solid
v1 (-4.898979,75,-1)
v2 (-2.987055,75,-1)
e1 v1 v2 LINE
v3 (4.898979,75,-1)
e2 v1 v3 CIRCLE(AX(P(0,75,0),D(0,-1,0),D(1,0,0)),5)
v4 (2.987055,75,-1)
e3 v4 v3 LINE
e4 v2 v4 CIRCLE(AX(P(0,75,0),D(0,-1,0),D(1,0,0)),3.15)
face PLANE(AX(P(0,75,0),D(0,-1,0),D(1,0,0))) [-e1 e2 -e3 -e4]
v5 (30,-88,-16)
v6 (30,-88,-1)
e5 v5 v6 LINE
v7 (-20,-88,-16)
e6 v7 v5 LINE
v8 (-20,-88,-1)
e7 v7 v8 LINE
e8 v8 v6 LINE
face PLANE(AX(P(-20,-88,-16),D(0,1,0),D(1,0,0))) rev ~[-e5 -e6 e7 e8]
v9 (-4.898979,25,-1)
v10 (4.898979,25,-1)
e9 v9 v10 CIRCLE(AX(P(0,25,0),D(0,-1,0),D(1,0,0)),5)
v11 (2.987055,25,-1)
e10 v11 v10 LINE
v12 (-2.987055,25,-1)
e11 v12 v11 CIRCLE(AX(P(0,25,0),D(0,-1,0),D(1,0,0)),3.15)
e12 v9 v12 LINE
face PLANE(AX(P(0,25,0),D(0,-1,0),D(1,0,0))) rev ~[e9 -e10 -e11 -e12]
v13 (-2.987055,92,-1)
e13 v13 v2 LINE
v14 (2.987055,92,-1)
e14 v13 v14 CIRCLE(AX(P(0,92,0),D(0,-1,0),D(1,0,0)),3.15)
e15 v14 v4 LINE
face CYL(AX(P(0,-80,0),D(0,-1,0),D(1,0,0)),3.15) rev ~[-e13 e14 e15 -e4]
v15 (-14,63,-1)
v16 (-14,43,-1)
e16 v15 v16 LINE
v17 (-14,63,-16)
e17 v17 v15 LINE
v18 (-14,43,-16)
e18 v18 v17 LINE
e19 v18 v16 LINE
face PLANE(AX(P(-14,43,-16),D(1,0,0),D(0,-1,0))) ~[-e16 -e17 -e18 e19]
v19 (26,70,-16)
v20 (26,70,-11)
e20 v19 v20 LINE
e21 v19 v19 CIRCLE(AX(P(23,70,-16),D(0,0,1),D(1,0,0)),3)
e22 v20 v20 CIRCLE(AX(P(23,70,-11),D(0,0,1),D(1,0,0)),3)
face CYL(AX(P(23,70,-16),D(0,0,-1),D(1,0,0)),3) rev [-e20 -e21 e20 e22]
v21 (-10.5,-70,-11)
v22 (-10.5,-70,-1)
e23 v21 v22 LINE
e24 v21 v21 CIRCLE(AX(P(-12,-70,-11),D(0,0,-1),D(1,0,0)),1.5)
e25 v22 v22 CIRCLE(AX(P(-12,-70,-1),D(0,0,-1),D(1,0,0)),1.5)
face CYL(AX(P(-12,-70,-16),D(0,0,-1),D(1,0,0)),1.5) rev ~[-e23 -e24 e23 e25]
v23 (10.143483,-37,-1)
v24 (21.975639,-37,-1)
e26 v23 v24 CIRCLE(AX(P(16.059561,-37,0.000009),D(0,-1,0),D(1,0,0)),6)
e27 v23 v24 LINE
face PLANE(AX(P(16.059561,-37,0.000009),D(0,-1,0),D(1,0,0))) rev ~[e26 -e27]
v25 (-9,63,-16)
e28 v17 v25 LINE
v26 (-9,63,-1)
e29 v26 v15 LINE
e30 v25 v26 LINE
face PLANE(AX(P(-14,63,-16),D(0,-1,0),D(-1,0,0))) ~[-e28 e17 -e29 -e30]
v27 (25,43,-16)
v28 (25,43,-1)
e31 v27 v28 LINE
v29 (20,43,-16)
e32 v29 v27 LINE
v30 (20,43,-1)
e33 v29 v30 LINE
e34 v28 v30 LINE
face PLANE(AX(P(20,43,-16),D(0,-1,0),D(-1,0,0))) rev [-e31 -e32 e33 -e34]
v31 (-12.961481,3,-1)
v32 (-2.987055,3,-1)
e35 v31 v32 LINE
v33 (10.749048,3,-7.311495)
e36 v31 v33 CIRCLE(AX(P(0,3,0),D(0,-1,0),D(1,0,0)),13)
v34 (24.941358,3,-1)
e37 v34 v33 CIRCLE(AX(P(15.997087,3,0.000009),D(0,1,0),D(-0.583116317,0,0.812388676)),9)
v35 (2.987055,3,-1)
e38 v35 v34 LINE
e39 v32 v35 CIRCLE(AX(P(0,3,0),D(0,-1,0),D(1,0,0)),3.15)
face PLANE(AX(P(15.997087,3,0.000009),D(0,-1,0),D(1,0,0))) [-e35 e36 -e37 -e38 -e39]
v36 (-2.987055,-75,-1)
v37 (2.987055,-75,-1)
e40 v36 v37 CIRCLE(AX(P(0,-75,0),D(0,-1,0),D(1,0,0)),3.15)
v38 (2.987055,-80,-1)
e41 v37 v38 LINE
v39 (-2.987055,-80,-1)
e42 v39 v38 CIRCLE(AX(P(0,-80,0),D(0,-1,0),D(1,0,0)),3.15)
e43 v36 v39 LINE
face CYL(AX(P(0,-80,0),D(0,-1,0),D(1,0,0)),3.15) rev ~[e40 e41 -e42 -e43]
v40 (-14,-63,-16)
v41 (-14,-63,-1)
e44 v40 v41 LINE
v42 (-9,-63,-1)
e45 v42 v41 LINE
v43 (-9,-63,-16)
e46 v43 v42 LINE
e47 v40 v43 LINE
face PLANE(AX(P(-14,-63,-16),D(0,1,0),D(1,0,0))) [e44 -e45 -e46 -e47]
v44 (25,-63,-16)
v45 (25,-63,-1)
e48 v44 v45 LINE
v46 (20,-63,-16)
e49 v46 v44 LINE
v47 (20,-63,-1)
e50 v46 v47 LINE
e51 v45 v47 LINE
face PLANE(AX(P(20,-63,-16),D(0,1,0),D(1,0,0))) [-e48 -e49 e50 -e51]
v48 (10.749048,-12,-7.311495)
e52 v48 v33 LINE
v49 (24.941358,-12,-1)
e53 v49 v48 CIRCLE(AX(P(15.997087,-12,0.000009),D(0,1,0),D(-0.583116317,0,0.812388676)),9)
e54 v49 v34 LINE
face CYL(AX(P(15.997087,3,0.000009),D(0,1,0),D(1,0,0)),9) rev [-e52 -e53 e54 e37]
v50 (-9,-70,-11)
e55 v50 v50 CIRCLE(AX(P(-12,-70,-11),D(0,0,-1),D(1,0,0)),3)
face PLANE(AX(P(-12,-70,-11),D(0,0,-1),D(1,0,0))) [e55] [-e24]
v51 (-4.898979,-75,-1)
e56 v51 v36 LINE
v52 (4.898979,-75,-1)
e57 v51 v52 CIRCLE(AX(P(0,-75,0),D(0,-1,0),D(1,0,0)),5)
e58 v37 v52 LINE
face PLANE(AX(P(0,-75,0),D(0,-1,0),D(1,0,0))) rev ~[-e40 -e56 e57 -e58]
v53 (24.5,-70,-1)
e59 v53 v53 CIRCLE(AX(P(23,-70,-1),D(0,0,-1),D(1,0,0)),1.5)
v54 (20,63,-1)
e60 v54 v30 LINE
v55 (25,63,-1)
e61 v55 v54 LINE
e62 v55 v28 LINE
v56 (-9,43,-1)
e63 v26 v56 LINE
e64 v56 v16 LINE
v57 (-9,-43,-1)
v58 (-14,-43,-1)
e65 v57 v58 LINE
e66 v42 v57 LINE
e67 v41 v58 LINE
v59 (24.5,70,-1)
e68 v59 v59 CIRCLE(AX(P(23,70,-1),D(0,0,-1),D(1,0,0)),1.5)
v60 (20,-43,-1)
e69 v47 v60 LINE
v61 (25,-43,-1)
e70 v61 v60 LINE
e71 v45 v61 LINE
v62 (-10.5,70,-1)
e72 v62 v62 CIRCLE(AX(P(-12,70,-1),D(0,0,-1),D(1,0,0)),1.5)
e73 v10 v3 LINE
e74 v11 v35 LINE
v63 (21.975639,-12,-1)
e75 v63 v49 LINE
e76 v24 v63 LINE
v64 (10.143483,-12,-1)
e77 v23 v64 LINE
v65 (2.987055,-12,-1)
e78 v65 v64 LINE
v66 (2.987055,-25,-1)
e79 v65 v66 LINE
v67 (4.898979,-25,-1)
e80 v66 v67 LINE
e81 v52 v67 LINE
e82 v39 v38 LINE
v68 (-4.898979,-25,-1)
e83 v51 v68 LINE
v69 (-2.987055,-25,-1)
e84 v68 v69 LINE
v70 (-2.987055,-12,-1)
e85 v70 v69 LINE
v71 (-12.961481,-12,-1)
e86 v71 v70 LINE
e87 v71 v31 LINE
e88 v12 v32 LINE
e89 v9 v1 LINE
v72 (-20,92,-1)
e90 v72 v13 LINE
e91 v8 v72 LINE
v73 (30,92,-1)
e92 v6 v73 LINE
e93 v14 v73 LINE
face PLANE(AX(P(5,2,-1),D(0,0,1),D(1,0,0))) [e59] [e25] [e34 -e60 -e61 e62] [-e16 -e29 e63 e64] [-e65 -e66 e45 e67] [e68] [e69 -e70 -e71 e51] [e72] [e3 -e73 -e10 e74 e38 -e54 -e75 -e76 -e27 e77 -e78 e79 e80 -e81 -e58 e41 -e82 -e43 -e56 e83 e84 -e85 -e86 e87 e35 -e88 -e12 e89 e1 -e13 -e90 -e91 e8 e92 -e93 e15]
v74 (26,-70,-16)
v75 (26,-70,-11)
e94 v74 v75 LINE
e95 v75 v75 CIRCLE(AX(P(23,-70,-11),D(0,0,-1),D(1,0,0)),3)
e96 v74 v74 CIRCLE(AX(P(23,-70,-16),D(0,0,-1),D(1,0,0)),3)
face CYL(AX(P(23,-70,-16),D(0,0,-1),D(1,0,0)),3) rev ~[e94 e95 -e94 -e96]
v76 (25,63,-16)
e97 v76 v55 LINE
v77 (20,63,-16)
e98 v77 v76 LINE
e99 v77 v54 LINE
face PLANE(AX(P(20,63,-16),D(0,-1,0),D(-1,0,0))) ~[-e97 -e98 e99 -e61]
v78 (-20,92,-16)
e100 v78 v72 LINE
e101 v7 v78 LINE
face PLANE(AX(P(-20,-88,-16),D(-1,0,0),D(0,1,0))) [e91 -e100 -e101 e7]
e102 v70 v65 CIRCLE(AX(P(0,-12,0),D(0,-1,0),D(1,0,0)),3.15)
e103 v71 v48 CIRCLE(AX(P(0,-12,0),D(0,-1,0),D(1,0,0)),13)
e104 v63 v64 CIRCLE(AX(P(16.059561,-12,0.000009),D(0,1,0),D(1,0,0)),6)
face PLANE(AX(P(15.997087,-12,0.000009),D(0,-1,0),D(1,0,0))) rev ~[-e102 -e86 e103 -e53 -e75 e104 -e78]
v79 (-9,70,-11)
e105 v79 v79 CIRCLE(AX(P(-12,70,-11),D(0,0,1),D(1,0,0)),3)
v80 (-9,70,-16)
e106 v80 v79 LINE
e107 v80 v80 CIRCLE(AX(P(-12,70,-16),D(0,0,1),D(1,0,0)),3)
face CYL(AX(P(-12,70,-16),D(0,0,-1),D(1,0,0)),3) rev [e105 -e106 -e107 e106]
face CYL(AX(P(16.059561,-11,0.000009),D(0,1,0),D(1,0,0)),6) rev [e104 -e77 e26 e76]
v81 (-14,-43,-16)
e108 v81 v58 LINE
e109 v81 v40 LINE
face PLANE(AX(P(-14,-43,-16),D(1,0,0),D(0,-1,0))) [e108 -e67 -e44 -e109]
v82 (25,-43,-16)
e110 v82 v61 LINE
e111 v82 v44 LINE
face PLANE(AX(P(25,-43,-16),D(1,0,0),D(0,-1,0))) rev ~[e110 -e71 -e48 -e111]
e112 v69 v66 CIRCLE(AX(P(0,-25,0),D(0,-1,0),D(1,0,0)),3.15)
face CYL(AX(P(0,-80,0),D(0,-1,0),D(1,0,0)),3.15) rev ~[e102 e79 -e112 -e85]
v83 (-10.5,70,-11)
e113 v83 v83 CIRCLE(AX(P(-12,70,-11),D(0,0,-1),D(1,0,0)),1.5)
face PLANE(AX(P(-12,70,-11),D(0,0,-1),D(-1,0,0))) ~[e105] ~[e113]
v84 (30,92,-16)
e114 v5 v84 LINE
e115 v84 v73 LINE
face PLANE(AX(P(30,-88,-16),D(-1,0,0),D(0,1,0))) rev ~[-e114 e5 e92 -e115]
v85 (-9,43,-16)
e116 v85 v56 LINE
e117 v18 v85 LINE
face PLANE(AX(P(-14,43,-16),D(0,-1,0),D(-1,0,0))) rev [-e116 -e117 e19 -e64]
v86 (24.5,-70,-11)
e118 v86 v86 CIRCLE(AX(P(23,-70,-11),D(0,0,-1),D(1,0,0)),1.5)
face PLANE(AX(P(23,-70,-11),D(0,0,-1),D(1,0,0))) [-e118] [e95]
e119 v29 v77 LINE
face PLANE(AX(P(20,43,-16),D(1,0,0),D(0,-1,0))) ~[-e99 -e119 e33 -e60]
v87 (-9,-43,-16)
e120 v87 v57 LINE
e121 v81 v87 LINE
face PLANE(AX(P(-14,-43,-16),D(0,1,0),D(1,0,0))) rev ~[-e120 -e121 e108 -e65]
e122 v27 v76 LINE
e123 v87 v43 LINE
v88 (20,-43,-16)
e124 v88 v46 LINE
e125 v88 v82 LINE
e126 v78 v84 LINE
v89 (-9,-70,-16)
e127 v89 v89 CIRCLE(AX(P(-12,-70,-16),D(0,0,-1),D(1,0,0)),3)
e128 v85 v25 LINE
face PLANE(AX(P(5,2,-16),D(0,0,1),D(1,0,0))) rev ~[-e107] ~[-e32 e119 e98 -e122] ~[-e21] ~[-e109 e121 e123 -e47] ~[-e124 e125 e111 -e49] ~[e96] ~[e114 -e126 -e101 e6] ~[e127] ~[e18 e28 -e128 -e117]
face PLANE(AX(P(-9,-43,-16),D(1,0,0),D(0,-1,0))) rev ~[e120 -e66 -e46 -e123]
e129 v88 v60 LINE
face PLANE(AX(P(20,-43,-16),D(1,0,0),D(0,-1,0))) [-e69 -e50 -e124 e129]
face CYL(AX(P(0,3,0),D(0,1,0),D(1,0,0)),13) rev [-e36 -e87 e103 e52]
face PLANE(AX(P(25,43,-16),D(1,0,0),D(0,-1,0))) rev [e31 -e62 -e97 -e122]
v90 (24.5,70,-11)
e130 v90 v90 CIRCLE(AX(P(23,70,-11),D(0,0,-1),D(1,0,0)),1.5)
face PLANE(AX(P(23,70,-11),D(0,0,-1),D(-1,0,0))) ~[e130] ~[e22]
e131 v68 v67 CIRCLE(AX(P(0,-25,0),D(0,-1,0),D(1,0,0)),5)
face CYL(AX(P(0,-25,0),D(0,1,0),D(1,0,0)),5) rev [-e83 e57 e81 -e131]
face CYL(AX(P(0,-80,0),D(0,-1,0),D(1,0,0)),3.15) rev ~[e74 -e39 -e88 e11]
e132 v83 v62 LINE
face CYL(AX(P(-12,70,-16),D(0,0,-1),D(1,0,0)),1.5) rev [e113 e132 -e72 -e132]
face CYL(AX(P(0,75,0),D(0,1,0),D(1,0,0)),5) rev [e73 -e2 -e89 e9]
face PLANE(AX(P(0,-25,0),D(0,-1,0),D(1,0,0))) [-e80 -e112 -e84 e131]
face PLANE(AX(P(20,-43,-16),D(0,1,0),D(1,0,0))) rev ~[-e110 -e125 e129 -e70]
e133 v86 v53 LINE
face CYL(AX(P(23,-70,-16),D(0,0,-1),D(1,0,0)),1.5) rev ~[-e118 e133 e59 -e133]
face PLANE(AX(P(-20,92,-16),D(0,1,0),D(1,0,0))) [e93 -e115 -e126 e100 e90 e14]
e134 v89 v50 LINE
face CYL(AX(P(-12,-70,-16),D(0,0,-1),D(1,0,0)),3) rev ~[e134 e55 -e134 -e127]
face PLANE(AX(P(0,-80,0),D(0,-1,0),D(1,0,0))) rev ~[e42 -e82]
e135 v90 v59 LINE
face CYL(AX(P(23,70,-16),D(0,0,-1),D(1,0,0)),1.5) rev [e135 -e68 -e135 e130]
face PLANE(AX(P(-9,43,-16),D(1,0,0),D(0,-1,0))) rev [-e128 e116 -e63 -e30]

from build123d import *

# Parameters (mm, degrees)
SKETCH006_R     = 3.15
PAD002_DEPTH    = 190
SKETCH011_R     = 5
PAD007_DEPTH    = 50
SKETCH010_R     = 5
PAD006_DEPTH    = 50
SKETCH008_R     = 13
PAD004_DEPTH    = 15
SKETCH009_R     = 9
PAD005_DEPTH    = 15
SKETCH013_R     = 6
PAD008_DEPTH    = 26
BOX001_W        = 50
BOX001_H        = 180
BOX001_DEPTH    = 15
SKETCH015_R     = 1.5
POCKET001_DEPTH = 389.834296
SKETCH016_R     = 1.5
POCKET002_DEPTH = 389.834296
SKETCH017_R     = 3
POCKET003_DEPTH = 5
SKETCH018_R     = 3
POCKET004_DEPTH = 5
SKETCH022_W     = 5
SKETCH022_H     = 20
POCKET008_DEPTH = 389.834296
SKETCH023_W     = 5
SKETCH023_H     = 20
POCKET009_DEPTH = 389.834296


with BuildPart() as pad002:
    # Sketch006 → Pad002 (new body)
    with BuildSketch(Plane.XZ.offset(80)):
        Circle(SKETCH006_R)
    extrude(amount=-PAD002_DEPTH)


with BuildPart() as pad007:
    # Sketch011 → Pad007 (new body)
    with BuildSketch(Plane.XZ.offset(-75)):
        Circle(SKETCH011_R)
    extrude(amount=PAD007_DEPTH)


with BuildPart() as scassi_perno:
    # Sketch010 → Pad006 (new body)
    with BuildSketch(Plane.XZ.offset(25)):
        Circle(SKETCH010_R)
    extrude(amount=PAD006_DEPTH)

    # Fusion002: union Pad007
    add(pad007.part)


with BuildPart() as scasso_ruota_dentata:
    # Sketch008 → Pad004 (new body)
    with BuildSketch(Plane.XZ.offset(-3)):
        Circle(SKETCH008_R)
    extrude(amount=PAD004_DEPTH)


with BuildPart() as scassi_ruote_dentate:
    # Sketch009 → Pad005 (new body)
    with BuildSketch(Plane.XZ.offset(-3)):
        with Locations((15.997087, 9e-06)):
            Circle(SKETCH009_R)
    extrude(amount=PAD005_DEPTH)

    # Fusion001: union scasso_ruota_dentata
    add(scasso_ruota_dentata.part)


with BuildPart() as fusion:
    # Sketch013 → Pad008 (new body)
    with BuildSketch(Plane.XZ.offset(11)):
        with Locations((16.059561, 9e-06)):
            Circle(SKETCH013_R)
    extrude(amount=PAD008_DEPTH)

    # Fusion005: union scassi_perno, scassi_ruote_dentate
    add(scassi_perno.part)
    add(scassi_ruote_dentate.part)

    # Fusion: union Pad002
    add(pad002.part)


with BuildPart() as tappo_con_4_scassi:
    # Box001 → Box001 (new body)
    with BuildSketch(Plane(origin=(-20, -88, -16), x_dir=(1, 0, 0), z_dir=(0, 0, 1))):
        with Locations((25, 90)):
            Rectangle(BOX001_W, BOX001_H)
    extrude(amount=BOX001_DEPTH)

    # Cut001: cut Fusion
    add(fusion.part, mode=Mode.SUBTRACT)

    # Sketch015 → Pocket001 (cut, through all)
    with BuildSketch(Plane(origin=(0, 0, -16), x_dir=(1, 0, 0), z_dir=(0, 0, -1))):
        with Locations((23, 70)):
            Circle(SKETCH015_R)
    pocket001 = extrude(amount=-POCKET001_DEPTH, mode=Mode.SUBTRACT)

    # Mirrored: Pocket001 across Sketch015 H_Axis
    add(pocket001.mirror(Plane(origin=(0, 0, -16), x_dir=(0, 0, -1), z_dir=(0, -1, 0))), mode=Mode.SUBTRACT)

    # Sketch016 → Pocket002 (cut, through all)
    with BuildSketch(Plane(origin=(0, 0, -16), x_dir=(1, 0, 0), z_dir=(0, 0, -1))):
        with Locations((-12, 70)):
            Circle(SKETCH016_R)
    pocket002 = extrude(amount=-POCKET002_DEPTH, mode=Mode.SUBTRACT)

    # Mirrored001: Pocket002 across Sketch016 H_Axis
    add(pocket002.mirror(Plane(origin=(0, 0, -16), x_dir=(0, 0, -1), z_dir=(0, -1, 0))), mode=Mode.SUBTRACT)

    # Sketch017 → Pocket003 (cut)
    with BuildSketch(Plane(origin=(0, 0, -16), x_dir=(1, 0, 0), z_dir=(0, 0, -1))):
        with Locations((23, 70)):
            Circle(SKETCH017_R)
    pocket003 = extrude(amount=-POCKET003_DEPTH, mode=Mode.SUBTRACT)

    # Mirrored002: Pocket003 across Sketch017 H_Axis
    add(pocket003.mirror(Plane(origin=(0, 0, -16), x_dir=(0, 0, -1), z_dir=(0, -1, 0))), mode=Mode.SUBTRACT)

    # Sketch018 → Pocket004 (cut)
    with BuildSketch(Plane(origin=(0, 0, -16), x_dir=(1, 0, 0), z_dir=(0, 0, -1))):
        with Locations((-12, 70)):
            Circle(SKETCH018_R)
    pocket004 = extrude(amount=-POCKET004_DEPTH, mode=Mode.SUBTRACT)

    # Mirrored003: Pocket004 across Sketch018 H_Axis
    add(pocket004.mirror(Plane(origin=(0, 0, -16), x_dir=(0, 0, -1), z_dir=(0, -1, 0))), mode=Mode.SUBTRACT)

    # Sketch022 → Pocket008 (cut, through all)
    with BuildSketch(Plane(origin=(0, 0, -16), x_dir=(1, 0, 0), z_dir=(0, 0, -1))):
        with Locations((22.5, 53)):
            Rectangle(SKETCH022_W, SKETCH022_H)
    pocket008 = extrude(amount=-POCKET008_DEPTH, mode=Mode.SUBTRACT)

    # Mirrored006: Pocket008 across Sketch022 H_Axis
    add(pocket008.mirror(Plane(origin=(0, 0, -16), x_dir=(0, 0, -1), z_dir=(0, -1, 0))), mode=Mode.SUBTRACT)

    # Sketch023 → Pocket009 (cut, through all)
    with BuildSketch(Plane(origin=(0, 0, -16), x_dir=(1, 0, 0), z_dir=(0, 0, -1))):
        with Locations((-11.5, 53)):
            Rectangle(SKETCH023_W, SKETCH023_H)
    pocket009 = extrude(amount=-POCKET009_DEPTH, mode=Mode.SUBTRACT)

    # Mirrored007: Pocket009 across Sketch023 H_Axis
    add(pocket009.mirror(Plane(origin=(0, 0, -16), x_dir=(0, 0, -1), z_dir=(0, -1, 0))), mode=Mode.SUBTRACT)


solid = tappo_con_4_scassi.part
